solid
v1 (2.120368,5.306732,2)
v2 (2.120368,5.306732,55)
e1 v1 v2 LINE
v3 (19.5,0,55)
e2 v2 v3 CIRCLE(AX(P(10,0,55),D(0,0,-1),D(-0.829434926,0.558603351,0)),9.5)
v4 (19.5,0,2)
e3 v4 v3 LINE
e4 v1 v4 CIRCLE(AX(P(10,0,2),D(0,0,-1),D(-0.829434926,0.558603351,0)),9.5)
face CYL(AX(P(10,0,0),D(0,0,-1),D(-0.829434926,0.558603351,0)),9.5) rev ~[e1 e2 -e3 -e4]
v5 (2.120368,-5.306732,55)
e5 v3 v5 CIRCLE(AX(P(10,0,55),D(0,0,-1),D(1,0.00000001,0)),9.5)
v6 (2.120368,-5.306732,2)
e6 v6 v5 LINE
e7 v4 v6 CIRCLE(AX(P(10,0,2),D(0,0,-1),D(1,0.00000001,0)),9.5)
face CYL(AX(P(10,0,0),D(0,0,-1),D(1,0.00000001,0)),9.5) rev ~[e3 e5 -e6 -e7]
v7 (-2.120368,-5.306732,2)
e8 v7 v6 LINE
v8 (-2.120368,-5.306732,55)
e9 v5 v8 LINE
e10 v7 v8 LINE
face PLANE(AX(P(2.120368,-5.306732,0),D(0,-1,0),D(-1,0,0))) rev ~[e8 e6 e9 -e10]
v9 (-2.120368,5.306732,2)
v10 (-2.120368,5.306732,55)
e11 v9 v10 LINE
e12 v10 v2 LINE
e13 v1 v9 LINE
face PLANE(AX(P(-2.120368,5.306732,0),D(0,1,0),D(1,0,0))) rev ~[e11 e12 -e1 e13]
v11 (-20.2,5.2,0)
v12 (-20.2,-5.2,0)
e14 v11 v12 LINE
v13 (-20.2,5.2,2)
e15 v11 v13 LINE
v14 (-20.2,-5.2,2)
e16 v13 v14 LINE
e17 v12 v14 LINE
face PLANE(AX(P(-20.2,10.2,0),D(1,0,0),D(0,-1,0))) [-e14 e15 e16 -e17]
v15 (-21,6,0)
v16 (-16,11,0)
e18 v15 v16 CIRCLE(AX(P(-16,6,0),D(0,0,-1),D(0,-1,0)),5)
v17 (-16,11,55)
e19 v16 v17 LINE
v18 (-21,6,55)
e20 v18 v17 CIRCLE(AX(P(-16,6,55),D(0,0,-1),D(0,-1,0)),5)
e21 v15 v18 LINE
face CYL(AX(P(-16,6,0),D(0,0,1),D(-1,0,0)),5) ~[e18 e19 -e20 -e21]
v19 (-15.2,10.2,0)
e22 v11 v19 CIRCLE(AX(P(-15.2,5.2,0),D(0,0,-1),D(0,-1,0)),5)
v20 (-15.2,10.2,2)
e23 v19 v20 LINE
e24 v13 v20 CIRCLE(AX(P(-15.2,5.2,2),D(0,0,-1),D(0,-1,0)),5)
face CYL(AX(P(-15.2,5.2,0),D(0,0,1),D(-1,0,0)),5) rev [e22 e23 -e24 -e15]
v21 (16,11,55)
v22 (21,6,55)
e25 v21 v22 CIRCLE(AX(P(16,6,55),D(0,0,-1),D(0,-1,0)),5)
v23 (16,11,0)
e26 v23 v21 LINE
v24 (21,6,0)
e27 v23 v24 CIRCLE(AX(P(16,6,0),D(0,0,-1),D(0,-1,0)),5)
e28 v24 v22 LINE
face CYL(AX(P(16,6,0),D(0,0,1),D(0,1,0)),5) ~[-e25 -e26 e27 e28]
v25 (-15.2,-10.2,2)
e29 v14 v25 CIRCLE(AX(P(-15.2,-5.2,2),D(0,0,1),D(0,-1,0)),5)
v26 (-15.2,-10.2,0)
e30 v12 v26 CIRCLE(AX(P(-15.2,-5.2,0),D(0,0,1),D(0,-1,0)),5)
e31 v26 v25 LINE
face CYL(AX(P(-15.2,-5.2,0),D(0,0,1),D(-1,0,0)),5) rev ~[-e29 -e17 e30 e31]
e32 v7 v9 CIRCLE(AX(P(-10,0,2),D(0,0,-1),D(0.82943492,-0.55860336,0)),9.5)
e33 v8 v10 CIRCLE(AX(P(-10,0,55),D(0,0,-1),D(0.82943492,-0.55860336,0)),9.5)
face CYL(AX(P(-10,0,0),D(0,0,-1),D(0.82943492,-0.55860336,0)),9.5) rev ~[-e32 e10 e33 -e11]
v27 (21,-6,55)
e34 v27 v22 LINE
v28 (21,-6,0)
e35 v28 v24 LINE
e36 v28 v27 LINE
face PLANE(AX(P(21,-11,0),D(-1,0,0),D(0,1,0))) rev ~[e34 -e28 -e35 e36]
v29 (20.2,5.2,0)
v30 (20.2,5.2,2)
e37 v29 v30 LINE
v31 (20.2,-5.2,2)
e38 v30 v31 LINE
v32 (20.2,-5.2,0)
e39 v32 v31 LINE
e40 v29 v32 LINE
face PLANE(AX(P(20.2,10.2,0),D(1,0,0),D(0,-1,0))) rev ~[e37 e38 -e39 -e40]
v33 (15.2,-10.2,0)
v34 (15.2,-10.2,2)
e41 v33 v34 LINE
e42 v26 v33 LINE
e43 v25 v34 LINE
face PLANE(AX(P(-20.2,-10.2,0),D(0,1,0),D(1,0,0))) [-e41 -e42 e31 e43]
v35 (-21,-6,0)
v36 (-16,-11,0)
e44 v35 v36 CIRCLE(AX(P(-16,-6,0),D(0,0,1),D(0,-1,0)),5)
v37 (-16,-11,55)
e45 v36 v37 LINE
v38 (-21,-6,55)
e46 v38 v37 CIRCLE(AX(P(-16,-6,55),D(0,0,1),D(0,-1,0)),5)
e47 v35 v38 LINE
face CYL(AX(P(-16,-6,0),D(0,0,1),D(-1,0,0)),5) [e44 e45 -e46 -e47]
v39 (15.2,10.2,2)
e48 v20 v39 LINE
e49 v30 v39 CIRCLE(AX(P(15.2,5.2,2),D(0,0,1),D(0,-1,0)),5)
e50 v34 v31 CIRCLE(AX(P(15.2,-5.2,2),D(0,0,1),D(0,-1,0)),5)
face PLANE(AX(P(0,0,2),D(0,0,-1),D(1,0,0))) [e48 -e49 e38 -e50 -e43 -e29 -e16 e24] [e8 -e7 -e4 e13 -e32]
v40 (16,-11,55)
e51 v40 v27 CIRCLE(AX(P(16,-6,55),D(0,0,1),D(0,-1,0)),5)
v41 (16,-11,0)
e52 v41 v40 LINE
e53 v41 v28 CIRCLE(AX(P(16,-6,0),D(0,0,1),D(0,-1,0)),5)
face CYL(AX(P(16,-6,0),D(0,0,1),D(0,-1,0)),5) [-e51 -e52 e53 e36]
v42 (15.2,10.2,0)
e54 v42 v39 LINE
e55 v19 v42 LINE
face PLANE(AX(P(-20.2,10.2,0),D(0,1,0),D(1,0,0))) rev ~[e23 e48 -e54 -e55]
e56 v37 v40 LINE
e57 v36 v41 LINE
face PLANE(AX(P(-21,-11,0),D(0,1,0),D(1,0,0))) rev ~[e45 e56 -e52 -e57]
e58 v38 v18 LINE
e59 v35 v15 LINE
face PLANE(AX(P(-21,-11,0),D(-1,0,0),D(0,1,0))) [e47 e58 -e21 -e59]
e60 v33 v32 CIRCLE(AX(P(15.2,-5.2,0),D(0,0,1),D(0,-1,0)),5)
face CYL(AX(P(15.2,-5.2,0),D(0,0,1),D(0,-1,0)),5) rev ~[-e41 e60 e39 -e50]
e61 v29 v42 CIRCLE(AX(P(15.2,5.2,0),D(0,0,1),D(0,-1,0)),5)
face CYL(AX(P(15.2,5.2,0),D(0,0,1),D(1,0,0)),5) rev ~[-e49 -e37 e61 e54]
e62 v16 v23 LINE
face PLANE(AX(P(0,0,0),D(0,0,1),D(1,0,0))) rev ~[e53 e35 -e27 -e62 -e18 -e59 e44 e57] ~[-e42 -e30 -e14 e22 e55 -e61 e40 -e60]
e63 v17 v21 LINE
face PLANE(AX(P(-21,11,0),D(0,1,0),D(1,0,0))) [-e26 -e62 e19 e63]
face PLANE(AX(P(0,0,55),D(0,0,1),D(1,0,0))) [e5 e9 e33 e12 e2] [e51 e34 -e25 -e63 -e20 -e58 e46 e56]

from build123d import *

# Parameters (mm, degrees)
F0_W     = 42
F0_H     = 22
F1_DEPTH = 55
F2_W     = 40.4
F2_H     = 20.4
F3_DEPTH = 2
F4_R     = 5


with BuildPart() as f1:
    # F0 (on Top) → F1 (new body)
    with BuildSketch(Plane.XY):
        Rectangle(F0_W, F0_H)
        with BuildLine():
            ThreePointArc((-2.120368, -5.306732), (-19.5, 0), (-2.120368, 5.306732))
            Line((-2.120368, 5.306732), (2.120368, 5.306732))
            ThreePointArc((2.120368, 5.306732), (12.774302, 9.085882), (19.5, 0))
            ThreePointArc((19.5, 0), (12.774302, -9.085882), (2.120368, -5.306732))
            Line((2.120368, -5.306732), (-2.120368, -5.306732))
        make_face(mode=Mode.SUBTRACT)
    extrude(amount=F1_DEPTH)

    # F2 (on face) → F3 (cut)
    with BuildSketch(Plane(origin=(0, 0, 0), x_dir=(1, 0, 0), z_dir=(0, 0, -1))):
        Rectangle(F2_W, F2_H)
    extrude(amount=-F3_DEPTH, mode=Mode.SUBTRACT)

    # F4
    f4_edges = [f1.edges().sort_by_distance(p)[0] for p in [
        (-20.2, -10.2, 1),
        (20.2, -10.2, 1),
        (20.2, 10.2, 1),
        (-20.2, 10.2, 1),
        (21, -11, 27.5),
        (-21, -11, 27.5),
        (21, 11, 27.5),
        (-21, 11, 27.5),
    ]]
    fillet(f4_edges, radius=F4_R)


solid = f1.part
